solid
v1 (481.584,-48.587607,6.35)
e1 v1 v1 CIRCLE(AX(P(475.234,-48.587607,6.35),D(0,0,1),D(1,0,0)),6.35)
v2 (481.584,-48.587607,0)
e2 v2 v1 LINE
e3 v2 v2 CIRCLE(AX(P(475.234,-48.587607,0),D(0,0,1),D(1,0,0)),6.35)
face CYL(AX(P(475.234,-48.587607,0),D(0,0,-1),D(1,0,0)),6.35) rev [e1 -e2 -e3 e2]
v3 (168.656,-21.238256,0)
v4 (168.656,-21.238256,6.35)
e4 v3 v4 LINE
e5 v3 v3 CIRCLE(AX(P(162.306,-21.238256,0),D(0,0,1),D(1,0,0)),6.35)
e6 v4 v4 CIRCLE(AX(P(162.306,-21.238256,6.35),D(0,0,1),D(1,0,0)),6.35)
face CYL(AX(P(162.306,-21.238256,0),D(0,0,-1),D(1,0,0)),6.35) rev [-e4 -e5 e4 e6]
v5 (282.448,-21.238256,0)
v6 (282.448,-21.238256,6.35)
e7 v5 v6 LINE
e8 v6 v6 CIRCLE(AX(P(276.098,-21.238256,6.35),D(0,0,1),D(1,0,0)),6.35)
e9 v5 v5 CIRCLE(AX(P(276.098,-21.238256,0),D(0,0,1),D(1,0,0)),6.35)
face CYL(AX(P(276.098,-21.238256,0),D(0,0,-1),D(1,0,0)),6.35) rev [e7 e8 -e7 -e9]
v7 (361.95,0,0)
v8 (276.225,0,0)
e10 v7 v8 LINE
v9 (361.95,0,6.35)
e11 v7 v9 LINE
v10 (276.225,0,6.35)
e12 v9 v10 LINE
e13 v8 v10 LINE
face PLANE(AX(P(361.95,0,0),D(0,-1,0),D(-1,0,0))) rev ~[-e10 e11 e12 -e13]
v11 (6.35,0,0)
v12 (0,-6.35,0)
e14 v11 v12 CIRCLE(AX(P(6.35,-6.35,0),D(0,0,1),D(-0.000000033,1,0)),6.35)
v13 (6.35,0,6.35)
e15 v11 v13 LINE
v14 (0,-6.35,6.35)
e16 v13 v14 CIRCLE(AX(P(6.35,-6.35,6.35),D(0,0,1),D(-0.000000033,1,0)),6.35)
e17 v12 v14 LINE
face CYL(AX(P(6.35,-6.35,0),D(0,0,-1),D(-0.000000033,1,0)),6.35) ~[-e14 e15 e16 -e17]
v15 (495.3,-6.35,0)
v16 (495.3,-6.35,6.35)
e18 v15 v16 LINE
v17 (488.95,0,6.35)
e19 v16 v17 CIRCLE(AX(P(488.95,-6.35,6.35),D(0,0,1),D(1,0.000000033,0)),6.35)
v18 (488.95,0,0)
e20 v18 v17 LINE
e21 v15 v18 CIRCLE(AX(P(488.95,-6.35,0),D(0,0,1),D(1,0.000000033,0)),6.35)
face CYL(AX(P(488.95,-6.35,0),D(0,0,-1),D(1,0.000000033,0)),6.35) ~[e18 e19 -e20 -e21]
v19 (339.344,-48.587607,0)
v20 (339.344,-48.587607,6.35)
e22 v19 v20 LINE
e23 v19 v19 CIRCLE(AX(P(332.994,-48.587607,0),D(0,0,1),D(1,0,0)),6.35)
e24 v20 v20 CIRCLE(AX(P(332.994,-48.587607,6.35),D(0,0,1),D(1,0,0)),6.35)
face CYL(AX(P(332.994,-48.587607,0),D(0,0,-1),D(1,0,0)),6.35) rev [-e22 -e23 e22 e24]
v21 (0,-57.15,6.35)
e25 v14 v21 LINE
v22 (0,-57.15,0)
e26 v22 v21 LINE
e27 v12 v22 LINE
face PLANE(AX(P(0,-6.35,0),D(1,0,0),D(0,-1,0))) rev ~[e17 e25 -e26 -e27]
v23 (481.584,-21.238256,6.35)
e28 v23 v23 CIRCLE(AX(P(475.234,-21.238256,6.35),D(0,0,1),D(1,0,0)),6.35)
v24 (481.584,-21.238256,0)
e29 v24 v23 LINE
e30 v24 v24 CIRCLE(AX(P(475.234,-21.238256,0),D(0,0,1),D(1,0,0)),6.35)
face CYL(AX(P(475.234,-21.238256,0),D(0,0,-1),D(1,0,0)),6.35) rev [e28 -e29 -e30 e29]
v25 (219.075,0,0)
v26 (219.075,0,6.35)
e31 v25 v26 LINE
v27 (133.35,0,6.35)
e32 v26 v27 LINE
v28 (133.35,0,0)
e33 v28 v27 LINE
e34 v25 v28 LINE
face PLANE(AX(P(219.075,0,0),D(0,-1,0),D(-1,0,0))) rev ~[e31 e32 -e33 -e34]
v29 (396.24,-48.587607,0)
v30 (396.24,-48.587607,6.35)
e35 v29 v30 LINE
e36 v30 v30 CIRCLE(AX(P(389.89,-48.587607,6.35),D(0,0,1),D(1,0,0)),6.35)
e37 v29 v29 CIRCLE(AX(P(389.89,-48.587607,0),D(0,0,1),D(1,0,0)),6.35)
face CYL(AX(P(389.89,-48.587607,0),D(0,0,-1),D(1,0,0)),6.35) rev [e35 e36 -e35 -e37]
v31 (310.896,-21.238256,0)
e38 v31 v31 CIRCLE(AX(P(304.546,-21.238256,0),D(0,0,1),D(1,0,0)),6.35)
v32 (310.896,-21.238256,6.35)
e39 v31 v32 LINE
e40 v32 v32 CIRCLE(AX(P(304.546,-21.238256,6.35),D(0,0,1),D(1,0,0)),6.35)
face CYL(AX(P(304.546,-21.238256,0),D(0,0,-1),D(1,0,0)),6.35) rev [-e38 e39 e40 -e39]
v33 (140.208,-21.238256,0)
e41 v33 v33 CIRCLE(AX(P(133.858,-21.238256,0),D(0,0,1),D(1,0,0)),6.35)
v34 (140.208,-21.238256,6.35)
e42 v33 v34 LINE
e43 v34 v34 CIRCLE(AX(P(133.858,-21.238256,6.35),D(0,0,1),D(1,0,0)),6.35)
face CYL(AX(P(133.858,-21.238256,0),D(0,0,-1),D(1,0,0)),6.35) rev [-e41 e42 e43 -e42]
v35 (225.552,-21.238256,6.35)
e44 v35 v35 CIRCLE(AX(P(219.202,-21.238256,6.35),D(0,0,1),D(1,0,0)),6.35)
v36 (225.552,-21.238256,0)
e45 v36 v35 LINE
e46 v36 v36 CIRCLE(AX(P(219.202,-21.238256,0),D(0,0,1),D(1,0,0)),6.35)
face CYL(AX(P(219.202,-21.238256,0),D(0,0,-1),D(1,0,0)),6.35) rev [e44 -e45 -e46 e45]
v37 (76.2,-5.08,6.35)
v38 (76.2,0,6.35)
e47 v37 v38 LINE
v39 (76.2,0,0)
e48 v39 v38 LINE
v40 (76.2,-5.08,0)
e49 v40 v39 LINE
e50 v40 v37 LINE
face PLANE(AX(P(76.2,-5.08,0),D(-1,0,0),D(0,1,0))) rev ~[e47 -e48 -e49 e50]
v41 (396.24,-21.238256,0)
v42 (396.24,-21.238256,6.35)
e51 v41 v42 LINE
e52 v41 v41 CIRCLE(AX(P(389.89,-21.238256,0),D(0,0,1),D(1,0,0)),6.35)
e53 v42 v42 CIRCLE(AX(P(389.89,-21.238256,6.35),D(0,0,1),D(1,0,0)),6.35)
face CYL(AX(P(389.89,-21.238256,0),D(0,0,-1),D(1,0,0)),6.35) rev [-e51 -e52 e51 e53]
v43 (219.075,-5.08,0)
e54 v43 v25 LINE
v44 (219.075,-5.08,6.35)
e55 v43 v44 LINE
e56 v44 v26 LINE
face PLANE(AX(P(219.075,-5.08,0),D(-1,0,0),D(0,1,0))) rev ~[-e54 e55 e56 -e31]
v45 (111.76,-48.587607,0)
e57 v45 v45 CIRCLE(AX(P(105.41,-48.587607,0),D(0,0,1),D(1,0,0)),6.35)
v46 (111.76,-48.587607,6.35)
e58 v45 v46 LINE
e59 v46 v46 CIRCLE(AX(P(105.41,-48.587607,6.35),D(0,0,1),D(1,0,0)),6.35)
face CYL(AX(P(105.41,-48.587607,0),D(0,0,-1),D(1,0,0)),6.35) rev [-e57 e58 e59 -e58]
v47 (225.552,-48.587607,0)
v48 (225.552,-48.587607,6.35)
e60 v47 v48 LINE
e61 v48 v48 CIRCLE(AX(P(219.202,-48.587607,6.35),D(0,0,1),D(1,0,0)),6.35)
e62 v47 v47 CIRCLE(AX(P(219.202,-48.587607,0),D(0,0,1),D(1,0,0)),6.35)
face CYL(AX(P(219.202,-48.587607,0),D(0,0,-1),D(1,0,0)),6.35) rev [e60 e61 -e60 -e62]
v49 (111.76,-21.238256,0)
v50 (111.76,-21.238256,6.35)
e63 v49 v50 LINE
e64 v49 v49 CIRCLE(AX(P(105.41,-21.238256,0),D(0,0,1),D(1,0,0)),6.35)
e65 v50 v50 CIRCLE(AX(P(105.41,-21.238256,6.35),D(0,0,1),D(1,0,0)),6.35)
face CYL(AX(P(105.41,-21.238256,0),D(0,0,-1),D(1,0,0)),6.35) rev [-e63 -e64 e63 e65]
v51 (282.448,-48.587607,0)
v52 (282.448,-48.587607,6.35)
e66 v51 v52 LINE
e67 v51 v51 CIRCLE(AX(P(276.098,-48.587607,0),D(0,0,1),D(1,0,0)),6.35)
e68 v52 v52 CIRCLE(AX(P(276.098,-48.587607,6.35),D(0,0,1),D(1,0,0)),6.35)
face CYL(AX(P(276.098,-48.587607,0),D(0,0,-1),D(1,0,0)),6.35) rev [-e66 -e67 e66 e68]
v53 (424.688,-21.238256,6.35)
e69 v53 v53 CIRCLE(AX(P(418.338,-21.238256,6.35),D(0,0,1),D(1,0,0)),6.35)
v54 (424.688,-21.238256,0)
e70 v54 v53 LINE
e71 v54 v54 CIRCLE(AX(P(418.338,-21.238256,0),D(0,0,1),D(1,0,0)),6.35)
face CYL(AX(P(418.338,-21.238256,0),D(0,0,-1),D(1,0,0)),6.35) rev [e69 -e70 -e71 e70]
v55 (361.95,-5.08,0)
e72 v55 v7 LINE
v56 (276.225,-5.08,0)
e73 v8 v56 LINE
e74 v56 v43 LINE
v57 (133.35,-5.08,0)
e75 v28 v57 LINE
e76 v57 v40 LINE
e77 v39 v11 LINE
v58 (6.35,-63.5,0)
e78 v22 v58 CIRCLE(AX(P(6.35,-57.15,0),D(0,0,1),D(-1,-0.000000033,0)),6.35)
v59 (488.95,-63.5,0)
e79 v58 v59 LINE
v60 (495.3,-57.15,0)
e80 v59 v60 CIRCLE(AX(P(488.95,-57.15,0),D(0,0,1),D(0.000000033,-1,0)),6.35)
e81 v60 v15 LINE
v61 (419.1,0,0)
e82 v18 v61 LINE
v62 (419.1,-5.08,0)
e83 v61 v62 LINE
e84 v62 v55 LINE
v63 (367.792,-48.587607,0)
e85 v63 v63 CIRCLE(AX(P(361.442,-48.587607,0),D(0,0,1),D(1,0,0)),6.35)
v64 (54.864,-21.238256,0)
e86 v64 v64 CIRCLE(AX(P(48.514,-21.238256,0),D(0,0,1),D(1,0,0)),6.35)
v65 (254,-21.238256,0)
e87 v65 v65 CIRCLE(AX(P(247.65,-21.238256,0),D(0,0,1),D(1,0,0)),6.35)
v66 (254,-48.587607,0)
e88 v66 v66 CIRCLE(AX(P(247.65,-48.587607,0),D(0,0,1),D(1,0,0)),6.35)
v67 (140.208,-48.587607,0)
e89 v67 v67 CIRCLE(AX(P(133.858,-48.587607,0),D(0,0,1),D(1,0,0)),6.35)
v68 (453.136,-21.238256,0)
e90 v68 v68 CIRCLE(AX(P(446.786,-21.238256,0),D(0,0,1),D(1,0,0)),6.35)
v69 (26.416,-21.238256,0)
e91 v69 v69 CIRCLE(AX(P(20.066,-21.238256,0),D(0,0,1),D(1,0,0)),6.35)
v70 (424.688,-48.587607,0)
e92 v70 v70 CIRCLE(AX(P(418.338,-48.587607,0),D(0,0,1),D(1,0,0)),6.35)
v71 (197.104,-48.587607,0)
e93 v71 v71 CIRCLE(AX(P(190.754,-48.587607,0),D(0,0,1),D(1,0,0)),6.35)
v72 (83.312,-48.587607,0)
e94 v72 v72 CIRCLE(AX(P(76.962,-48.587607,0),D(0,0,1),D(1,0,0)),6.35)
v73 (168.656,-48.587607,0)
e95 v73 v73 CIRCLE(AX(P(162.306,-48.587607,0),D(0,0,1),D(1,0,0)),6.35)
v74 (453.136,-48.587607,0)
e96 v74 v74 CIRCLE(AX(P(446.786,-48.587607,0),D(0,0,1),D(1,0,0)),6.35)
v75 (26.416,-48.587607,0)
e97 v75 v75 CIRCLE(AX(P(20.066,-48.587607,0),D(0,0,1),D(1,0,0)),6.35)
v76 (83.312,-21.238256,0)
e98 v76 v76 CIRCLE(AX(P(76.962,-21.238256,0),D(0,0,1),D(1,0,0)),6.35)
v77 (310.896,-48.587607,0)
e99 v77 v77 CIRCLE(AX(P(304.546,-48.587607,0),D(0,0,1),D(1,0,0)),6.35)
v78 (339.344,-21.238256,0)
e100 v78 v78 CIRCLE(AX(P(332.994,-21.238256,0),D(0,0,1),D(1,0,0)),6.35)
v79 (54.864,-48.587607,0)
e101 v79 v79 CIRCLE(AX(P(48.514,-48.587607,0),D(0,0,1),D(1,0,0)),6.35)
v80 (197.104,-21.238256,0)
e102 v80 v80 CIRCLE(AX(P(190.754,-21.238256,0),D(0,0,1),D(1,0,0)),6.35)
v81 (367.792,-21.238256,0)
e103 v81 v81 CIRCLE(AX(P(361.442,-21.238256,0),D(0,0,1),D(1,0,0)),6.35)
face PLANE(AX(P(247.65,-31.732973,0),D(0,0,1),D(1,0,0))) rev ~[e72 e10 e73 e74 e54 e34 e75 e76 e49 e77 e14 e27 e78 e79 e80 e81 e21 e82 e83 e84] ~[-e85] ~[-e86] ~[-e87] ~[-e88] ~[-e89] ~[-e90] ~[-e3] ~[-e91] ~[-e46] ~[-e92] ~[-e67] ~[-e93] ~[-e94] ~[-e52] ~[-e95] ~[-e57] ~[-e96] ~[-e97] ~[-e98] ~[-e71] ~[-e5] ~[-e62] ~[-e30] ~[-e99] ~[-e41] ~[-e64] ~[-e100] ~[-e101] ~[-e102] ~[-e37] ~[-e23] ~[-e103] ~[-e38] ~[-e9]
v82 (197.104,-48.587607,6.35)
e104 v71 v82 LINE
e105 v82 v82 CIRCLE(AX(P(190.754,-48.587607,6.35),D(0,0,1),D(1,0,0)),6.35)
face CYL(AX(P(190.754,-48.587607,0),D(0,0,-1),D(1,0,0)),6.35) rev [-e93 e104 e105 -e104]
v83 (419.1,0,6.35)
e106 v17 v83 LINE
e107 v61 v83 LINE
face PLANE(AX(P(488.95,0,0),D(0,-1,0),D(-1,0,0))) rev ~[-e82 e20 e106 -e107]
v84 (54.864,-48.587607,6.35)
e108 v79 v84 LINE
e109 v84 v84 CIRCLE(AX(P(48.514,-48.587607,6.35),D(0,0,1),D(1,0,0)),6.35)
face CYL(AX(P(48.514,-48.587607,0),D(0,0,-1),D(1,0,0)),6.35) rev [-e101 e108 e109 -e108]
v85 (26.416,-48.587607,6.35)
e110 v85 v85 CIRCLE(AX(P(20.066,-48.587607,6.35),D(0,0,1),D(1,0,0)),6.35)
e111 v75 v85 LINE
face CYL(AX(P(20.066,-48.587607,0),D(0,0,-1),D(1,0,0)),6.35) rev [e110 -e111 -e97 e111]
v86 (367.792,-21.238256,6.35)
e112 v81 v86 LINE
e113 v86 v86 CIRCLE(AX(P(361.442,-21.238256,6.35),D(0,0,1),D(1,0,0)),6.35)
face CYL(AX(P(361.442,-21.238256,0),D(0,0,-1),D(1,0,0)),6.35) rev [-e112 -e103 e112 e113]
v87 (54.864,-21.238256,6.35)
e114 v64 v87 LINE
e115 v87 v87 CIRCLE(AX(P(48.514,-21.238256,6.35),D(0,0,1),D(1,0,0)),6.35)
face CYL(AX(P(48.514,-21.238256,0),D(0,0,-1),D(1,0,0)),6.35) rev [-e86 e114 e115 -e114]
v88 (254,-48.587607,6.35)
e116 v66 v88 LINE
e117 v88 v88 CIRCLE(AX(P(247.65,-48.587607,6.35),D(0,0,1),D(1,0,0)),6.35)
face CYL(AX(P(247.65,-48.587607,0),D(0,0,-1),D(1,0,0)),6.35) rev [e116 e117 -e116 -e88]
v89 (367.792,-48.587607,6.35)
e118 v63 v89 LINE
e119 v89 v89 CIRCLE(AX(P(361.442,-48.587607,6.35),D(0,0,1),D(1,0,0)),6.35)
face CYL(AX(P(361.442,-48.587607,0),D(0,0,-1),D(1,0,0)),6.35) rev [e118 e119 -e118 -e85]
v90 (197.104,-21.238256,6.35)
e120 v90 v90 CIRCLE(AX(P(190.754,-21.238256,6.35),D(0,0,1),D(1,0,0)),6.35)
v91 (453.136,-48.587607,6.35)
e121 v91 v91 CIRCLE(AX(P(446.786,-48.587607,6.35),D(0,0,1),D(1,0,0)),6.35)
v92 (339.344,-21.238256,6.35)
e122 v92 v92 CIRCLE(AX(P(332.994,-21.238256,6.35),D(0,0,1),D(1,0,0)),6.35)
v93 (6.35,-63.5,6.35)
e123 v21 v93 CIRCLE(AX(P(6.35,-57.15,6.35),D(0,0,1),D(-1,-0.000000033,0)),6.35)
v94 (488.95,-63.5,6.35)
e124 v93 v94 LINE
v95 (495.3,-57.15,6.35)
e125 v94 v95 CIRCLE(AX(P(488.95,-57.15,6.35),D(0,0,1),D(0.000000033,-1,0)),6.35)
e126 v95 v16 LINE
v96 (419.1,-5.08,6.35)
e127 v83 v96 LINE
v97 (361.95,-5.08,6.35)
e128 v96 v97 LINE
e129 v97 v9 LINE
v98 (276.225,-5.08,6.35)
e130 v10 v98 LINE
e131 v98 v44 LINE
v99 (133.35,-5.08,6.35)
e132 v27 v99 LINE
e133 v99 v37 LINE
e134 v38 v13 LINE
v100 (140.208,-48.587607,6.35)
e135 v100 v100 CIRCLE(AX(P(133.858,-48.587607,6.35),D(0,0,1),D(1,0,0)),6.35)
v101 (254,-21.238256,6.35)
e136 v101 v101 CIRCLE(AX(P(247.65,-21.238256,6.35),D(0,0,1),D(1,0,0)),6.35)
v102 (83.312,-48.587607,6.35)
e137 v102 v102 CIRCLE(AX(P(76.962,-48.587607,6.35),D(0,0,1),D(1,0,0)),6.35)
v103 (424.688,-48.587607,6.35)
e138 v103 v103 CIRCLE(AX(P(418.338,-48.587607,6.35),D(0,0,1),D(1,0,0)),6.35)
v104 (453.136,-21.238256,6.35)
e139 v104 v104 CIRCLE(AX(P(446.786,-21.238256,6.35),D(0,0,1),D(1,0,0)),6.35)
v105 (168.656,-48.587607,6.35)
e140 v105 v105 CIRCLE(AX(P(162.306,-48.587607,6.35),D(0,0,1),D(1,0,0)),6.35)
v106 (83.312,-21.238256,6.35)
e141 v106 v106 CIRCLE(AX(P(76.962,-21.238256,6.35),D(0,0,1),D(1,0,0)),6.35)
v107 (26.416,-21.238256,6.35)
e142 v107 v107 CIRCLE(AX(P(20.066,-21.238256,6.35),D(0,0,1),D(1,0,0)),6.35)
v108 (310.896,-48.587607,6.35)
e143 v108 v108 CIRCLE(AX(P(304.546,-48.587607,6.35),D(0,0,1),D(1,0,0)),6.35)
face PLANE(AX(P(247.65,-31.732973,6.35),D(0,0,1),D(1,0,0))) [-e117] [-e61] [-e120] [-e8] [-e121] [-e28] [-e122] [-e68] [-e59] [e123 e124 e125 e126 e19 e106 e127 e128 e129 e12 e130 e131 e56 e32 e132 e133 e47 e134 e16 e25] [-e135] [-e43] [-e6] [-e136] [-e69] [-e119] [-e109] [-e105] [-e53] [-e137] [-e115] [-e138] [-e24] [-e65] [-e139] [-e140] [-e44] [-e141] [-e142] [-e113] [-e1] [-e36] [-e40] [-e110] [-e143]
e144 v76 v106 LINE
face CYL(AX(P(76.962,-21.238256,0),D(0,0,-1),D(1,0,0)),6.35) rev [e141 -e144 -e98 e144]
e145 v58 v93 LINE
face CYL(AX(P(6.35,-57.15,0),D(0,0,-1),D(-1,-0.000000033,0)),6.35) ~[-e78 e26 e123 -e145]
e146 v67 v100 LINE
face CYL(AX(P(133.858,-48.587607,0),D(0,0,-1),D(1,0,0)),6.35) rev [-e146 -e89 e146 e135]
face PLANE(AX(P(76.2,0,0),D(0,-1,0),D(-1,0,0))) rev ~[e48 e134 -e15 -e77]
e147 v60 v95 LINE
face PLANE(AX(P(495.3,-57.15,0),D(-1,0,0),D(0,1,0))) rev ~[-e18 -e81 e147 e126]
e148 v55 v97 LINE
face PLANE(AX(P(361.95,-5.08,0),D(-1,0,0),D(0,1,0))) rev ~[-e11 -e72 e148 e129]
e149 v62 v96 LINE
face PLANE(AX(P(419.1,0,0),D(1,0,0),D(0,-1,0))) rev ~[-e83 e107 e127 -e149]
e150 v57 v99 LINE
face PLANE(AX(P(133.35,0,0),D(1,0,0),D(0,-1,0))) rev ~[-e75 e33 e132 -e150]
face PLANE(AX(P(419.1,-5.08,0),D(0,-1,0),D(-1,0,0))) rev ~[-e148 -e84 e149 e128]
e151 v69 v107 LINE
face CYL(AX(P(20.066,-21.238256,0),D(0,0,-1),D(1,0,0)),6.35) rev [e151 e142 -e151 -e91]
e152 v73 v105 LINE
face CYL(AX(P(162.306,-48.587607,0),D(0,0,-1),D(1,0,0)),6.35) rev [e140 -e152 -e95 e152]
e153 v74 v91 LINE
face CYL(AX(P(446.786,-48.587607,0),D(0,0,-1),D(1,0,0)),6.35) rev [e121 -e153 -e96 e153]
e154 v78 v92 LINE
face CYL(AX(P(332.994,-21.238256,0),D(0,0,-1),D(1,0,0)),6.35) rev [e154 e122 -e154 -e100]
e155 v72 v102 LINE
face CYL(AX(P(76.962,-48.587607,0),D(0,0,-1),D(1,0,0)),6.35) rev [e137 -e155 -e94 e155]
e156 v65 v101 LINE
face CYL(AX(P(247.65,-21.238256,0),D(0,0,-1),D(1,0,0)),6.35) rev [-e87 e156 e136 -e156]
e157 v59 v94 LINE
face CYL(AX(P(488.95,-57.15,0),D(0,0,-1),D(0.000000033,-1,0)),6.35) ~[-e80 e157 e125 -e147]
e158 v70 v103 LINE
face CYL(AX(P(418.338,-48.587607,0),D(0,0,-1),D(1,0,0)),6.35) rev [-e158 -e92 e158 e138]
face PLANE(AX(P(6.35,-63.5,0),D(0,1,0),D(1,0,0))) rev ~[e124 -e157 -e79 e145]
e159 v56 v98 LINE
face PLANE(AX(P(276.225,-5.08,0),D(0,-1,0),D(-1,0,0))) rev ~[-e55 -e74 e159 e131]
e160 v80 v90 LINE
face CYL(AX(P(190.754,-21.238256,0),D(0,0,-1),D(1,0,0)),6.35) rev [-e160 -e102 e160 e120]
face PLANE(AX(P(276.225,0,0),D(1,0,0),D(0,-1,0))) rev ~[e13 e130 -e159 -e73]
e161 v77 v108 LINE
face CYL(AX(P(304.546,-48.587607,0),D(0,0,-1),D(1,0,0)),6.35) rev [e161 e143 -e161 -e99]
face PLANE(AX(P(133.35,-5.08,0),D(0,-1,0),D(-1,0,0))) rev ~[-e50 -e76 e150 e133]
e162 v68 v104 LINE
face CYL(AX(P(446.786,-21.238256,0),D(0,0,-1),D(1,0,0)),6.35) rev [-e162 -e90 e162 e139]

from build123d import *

# Parameters (mm, degrees)
F0_R     = 6.35
F1_DEPTH = 6.35


with BuildPart() as f1:
    # F0 (on Top) → F1 (new body)
    with BuildSketch(Plane.XY):
        with BuildLine():
            Line((76.2, 0), (6.35, 0))
            ThreePointArc((6.35, 0), (1.859872, -1.859872), (0, -6.35))
            Line((0, -6.35), (0, -57.15))
            ThreePointArc((0, -57.15), (1.859872, -61.640128), (6.35, -63.5))
            Line((6.35, -63.5), (488.95, -63.5))
            ThreePointArc((488.95, -63.5), (493.440128, -61.640128), (495.3, -57.15))
            Line((495.3, -57.15), (495.3, -6.35))
            ThreePointArc((495.3, -6.35), (493.440128, -1.859872), (488.95, 0))
            Line((488.95, 0), (419.1, 0))
            Line((419.1, 0), (419.1, -5.08))
            Line((419.1, -5.08), (361.95, -5.08))
            Line((361.95, -5.08), (361.95, 0))
            Line((361.95, 0), (276.225, 0))
            Line((276.225, 0), (276.225, -5.08))
            Line((276.225, -5.08), (219.075, -5.08))
            Line((219.075, -5.08), (219.075, 0))
            Line((219.075, 0), (133.35, 0))
            Line((133.35, 0), (133.35, -5.08))
            Line((133.35, -5.08), (76.2, -5.08))
            Line((76.2, -5.08), (76.2, 0))
        make_face()
        with Locations((20.066, -48.587607)):
            Circle(F0_R, mode=Mode.SUBTRACT)
        with Locations((48.514, -48.587607)):
            Circle(F0_R, mode=Mode.SUBTRACT)
        with Locations((76.962, -48.587607)):
            Circle(F0_R, mode=Mode.SUBTRACT)
        with Locations((105.41, -48.587607)):
            Circle(F0_R, mode=Mode.SUBTRACT)
        with Locations((133.858, -48.587607)):
            Circle(F0_R, mode=Mode.SUBTRACT)
        with Locations((162.306, -48.587607)):
            Circle(F0_R, mode=Mode.SUBTRACT)
        with Locations((190.754, -48.587607)):
            Circle(F0_R, mode=Mode.SUBTRACT)
        with Locations((219.202, -48.587607)):
            Circle(F0_R, mode=Mode.SUBTRACT)
        with Locations((247.65, -48.587607)):
            Circle(F0_R, mode=Mode.SUBTRACT)
        with Locations((276.098, -48.587607)):
            Circle(F0_R, mode=Mode.SUBTRACT)
        with Locations((304.546, -48.587607)):
            Circle(F0_R, mode=Mode.SUBTRACT)
        with Locations((332.994, -48.587607)):
            Circle(F0_R, mode=Mode.SUBTRACT)
        with Locations((361.442, -48.587607)):
            Circle(F0_R, mode=Mode.SUBTRACT)
        with Locations((389.89, -48.587607)):
            Circle(F0_R, mode=Mode.SUBTRACT)
        with Locations((418.338, -48.587607)):
            Circle(F0_R, mode=Mode.SUBTRACT)
        with Locations((446.786, -48.587607)):
            Circle(F0_R, mode=Mode.SUBTRACT)
        with Locations((475.234, -48.587607)):
            Circle(F0_R, mode=Mode.SUBTRACT)
        with Locations((20.066, -21.238256)):
            Circle(F0_R, mode=Mode.SUBTRACT)
        with Locations((48.514, -21.238256)):
            Circle(F0_R, mode=Mode.SUBTRACT)
        with Locations((76.962, -21.238256)):
            Circle(F0_R, mode=Mode.SUBTRACT)
        with Locations((105.41, -21.238256)):
            Circle(F0_R, mode=Mode.SUBTRACT)
        with Locations((133.858, -21.238256)):
            Circle(F0_R, mode=Mode.SUBTRACT)
        with Locations((162.306, -21.238256)):
            Circle(F0_R, mode=Mode.SUBTRACT)
        with Locations((190.754, -21.238256)):
            Circle(F0_R, mode=Mode.SUBTRACT)
        with Locations((219.202, -21.238256)):
            Circle(F0_R, mode=Mode.SUBTRACT)
        with Locations((247.65, -21.238256)):
            Circle(F0_R, mode=Mode.SUBTRACT)
        with Locations((276.098, -21.238256)):
            Circle(F0_R, mode=Mode.SUBTRACT)
        with Locations((304.546, -21.238256)):
            Circle(F0_R, mode=Mode.SUBTRACT)
        with Locations((332.994, -21.238256)):
            Circle(F0_R, mode=Mode.SUBTRACT)
        with Locations((361.442, -21.238256)):
            Circle(F0_R, mode=Mode.SUBTRACT)
        with Locations((389.89, -21.238256)):
            Circle(F0_R, mode=Mode.SUBTRACT)
        with Locations((418.338, -21.238256)):
            Circle(F0_R, mode=Mode.SUBTRACT)
        with Locations((446.786, -21.238256)):
            Circle(F0_R, mode=Mode.SUBTRACT)
        with Locations((475.234, -21.238256)):
            Circle(F0_R, mode=Mode.SUBTRACT)
    extrude(amount=F1_DEPTH)


solid = f1.part
